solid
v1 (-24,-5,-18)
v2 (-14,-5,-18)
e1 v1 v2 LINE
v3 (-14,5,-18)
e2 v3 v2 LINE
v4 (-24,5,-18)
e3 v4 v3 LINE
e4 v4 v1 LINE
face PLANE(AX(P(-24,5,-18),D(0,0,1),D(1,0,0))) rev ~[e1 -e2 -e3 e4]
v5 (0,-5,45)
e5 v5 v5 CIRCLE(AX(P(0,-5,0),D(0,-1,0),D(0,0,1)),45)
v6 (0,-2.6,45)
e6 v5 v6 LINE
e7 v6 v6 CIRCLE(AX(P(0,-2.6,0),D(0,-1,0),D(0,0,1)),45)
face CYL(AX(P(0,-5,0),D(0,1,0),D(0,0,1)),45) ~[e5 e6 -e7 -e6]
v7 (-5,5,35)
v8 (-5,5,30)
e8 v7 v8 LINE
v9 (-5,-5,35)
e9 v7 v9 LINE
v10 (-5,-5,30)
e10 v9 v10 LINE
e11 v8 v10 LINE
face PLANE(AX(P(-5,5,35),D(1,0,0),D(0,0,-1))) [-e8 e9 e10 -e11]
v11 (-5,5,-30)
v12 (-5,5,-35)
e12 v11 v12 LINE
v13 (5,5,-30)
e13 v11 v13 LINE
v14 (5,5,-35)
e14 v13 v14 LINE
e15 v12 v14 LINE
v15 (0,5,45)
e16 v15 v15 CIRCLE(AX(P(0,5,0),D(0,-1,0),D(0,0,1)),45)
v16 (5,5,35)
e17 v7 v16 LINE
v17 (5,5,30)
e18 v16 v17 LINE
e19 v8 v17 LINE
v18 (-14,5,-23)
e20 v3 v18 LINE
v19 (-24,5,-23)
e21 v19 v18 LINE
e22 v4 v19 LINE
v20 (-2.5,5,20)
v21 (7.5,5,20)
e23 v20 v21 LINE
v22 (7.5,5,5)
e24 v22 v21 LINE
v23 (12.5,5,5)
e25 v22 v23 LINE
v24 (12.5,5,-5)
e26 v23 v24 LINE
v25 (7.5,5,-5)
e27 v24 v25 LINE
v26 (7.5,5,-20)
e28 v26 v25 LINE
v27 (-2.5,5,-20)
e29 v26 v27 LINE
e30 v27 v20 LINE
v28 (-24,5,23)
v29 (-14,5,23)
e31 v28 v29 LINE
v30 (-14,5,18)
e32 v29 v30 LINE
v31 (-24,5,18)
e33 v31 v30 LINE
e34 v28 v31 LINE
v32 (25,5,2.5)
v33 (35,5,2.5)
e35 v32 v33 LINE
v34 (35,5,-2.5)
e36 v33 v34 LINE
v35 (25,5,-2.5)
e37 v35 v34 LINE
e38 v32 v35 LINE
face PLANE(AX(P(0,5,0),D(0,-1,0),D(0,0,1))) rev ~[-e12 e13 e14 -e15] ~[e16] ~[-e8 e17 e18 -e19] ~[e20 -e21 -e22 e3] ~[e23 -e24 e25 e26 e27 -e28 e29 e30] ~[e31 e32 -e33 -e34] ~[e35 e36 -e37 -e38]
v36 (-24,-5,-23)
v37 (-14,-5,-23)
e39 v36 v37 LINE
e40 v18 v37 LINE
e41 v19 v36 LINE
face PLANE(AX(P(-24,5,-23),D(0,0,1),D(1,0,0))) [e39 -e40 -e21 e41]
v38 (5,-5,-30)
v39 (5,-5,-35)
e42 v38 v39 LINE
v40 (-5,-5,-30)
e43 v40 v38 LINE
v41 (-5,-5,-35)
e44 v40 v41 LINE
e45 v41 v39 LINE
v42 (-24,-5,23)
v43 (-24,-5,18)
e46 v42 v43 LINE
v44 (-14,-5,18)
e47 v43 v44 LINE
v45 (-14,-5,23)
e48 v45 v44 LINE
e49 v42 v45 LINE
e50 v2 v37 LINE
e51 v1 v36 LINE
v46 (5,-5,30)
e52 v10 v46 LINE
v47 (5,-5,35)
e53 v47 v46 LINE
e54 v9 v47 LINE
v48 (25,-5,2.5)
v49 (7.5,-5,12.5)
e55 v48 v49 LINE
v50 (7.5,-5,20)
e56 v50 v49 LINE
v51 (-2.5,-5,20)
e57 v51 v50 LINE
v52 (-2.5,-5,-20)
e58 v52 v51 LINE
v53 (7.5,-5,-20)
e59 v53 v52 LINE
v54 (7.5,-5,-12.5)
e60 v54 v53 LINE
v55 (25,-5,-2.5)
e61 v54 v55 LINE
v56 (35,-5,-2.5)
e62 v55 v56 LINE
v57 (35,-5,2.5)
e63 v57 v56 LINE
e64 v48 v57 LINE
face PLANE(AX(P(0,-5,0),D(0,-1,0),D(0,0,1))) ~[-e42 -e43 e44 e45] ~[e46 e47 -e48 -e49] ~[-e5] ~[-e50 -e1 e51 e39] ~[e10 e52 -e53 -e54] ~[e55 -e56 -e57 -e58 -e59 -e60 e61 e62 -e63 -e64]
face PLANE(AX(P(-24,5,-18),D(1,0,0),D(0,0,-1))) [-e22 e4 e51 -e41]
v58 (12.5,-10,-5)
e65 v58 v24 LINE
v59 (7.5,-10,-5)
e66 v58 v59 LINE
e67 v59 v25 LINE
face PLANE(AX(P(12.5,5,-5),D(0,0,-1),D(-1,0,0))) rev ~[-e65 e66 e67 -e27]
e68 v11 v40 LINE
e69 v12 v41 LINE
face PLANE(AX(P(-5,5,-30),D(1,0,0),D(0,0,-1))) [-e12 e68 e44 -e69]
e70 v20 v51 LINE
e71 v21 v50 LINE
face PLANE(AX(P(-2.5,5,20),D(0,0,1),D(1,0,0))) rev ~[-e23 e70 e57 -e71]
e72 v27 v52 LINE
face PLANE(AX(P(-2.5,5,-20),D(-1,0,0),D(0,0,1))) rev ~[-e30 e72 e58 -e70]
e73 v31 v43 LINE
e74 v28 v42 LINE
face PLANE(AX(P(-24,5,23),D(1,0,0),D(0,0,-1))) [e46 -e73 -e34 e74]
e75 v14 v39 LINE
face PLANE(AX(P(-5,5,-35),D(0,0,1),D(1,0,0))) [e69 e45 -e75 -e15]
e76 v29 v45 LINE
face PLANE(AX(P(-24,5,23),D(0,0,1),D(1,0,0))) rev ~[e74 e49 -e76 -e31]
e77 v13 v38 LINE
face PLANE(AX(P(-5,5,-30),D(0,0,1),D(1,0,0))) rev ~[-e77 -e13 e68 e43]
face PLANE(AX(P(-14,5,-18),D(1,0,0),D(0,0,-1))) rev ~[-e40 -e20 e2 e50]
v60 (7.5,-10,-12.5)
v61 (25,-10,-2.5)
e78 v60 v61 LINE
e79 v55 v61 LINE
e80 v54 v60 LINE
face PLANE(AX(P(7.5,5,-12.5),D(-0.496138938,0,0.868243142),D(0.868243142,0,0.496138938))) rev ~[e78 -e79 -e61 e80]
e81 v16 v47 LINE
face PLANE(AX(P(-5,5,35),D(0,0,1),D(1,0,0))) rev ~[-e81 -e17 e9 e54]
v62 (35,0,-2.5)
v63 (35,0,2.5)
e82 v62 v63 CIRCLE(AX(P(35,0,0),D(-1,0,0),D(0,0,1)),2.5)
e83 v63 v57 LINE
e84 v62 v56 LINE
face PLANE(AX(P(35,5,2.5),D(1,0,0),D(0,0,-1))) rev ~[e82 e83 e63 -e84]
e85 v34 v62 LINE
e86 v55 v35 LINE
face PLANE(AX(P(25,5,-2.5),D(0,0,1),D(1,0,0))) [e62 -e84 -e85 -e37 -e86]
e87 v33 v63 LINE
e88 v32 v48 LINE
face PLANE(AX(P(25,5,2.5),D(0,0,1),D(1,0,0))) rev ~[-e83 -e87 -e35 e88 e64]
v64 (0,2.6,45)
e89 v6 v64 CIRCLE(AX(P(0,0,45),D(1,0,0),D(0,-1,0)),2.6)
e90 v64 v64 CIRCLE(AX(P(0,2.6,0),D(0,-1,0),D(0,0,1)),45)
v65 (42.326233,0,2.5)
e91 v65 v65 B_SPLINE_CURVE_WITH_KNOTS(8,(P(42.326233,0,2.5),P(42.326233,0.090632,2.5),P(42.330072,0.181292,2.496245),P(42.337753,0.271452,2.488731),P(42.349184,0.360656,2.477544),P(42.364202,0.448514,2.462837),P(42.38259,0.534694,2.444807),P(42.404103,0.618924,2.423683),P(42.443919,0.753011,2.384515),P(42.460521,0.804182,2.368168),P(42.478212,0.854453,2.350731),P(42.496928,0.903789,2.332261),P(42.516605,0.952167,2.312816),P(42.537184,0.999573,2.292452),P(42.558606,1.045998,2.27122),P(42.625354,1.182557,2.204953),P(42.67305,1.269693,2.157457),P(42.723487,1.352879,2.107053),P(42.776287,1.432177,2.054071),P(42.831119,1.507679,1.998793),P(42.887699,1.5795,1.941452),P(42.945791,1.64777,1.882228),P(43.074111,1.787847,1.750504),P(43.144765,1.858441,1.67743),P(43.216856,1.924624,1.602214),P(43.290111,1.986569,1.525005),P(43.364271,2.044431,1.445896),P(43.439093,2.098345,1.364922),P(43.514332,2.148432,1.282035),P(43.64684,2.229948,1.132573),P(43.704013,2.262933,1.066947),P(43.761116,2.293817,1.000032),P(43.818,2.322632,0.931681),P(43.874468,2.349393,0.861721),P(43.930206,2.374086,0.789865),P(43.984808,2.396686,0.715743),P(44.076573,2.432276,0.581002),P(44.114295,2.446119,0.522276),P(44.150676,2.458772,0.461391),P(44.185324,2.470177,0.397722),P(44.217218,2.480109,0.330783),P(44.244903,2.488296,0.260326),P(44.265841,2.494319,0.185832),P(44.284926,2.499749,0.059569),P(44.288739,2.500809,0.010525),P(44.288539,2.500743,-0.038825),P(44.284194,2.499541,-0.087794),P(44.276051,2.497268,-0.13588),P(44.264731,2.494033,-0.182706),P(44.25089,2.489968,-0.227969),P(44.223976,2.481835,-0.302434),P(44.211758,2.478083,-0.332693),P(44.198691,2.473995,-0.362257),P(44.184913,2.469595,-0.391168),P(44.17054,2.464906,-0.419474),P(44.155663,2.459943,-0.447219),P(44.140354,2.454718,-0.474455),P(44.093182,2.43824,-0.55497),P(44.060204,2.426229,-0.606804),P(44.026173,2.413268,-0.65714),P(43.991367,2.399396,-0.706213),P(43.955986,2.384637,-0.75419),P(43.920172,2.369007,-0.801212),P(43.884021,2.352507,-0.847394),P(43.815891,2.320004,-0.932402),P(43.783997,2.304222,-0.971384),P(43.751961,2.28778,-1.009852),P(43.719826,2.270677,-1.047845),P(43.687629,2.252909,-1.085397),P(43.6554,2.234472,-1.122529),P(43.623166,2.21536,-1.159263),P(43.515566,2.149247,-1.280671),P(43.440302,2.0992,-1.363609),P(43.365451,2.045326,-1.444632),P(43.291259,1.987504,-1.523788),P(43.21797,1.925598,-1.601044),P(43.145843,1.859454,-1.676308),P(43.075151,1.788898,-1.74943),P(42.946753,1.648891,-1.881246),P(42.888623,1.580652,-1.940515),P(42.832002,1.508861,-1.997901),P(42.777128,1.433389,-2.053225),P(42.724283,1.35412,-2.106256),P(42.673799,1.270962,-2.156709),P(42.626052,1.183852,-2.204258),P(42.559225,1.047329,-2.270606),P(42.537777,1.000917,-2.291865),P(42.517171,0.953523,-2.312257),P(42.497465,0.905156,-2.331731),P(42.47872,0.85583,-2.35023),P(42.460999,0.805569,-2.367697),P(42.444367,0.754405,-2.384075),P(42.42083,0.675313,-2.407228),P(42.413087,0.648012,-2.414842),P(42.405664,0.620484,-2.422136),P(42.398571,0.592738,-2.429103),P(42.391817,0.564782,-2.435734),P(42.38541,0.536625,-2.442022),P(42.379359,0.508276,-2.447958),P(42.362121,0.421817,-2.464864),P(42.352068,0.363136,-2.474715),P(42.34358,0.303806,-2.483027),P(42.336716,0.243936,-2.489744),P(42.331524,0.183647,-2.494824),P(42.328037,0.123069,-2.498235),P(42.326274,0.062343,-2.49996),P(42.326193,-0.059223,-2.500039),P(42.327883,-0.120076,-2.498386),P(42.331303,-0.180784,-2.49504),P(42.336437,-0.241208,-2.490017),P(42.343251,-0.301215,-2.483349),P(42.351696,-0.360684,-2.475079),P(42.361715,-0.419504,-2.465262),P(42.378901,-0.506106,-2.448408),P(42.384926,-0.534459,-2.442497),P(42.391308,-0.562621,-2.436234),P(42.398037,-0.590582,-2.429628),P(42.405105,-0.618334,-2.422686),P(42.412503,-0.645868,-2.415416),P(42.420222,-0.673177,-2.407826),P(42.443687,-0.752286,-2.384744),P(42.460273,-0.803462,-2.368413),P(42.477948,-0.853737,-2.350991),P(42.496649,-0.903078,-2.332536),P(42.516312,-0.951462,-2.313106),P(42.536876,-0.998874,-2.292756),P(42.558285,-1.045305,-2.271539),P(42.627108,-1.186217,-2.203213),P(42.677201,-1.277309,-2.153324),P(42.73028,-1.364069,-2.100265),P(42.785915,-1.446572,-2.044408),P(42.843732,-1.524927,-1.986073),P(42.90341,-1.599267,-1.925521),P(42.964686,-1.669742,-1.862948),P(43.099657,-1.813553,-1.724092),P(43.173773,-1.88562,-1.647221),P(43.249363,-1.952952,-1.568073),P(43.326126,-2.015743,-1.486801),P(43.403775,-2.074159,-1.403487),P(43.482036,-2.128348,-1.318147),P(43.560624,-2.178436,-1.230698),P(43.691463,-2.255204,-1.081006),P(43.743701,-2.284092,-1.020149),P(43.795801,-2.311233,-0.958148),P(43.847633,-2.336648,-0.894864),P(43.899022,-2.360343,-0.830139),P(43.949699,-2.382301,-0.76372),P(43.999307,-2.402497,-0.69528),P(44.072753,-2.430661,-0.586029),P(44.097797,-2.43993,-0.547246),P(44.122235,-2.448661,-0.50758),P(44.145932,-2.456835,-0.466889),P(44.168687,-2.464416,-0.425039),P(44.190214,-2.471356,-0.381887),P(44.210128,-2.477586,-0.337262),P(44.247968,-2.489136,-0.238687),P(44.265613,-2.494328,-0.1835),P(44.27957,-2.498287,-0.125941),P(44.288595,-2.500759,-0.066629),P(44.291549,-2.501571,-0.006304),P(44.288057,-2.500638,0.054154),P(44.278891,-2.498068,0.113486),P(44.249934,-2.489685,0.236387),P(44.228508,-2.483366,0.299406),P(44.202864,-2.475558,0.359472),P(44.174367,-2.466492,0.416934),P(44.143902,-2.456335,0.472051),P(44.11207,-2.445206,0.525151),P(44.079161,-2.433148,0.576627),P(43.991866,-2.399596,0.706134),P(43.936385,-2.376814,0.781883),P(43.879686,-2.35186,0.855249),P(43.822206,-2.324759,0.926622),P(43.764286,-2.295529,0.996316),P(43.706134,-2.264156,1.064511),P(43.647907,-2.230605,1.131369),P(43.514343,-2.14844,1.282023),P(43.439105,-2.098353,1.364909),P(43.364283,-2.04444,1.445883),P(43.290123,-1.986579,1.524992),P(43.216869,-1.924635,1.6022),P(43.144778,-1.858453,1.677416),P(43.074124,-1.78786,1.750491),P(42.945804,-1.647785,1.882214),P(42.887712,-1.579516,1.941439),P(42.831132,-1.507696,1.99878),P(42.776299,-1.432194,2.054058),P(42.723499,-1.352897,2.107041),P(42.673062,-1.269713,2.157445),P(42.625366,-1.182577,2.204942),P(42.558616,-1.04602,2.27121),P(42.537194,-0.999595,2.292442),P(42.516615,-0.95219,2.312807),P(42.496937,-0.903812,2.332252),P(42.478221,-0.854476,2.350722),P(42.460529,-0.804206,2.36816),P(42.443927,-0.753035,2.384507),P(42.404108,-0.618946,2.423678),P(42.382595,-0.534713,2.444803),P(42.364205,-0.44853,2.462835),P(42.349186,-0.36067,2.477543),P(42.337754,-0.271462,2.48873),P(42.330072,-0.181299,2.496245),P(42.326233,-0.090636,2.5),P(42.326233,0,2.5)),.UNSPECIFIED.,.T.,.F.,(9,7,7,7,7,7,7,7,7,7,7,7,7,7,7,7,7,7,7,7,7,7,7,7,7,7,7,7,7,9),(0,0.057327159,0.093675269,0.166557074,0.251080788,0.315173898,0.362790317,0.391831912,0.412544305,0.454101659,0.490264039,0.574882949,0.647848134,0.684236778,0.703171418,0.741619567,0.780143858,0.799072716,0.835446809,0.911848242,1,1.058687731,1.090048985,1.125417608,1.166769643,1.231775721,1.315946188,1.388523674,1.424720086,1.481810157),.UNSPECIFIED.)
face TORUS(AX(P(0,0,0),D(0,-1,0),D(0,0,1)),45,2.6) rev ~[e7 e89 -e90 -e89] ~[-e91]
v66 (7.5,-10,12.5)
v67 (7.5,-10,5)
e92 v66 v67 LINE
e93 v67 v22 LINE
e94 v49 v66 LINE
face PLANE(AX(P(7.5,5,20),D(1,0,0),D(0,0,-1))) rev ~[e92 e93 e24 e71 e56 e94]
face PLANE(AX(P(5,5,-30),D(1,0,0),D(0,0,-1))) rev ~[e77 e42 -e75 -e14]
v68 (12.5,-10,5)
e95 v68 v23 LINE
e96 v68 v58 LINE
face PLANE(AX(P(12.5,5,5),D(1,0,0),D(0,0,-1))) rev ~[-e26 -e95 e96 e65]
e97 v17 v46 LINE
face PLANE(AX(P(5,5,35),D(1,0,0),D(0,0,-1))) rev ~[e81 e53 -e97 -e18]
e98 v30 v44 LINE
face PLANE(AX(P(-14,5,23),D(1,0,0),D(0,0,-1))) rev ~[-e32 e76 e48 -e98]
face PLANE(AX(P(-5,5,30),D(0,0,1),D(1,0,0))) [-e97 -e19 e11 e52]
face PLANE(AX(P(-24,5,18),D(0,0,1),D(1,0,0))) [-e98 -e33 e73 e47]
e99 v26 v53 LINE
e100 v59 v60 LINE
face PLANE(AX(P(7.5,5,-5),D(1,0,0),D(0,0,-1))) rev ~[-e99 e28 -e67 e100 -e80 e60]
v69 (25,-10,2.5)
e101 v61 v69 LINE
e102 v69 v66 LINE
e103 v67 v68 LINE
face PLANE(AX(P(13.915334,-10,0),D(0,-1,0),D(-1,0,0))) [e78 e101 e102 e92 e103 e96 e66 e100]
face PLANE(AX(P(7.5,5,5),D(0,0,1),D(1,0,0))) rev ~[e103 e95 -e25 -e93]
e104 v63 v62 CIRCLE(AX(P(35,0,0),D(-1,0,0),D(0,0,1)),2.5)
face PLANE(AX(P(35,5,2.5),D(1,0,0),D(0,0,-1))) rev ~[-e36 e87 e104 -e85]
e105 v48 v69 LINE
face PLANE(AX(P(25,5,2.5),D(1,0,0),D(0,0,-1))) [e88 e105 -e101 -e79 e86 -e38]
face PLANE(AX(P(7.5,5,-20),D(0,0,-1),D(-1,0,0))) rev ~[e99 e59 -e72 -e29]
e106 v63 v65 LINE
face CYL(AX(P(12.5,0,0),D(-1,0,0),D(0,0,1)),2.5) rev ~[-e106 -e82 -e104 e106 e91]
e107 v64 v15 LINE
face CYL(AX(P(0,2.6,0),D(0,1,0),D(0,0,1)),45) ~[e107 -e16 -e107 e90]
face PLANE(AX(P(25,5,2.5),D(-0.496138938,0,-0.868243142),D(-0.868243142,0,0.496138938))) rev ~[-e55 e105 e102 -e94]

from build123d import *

# Parameters (mm, degrees)
CROQUIS2_W              = 10
CROQUIS2_H              = 5
CORTAR_EXTRUIR1_DEPTH   = 10
CROQUIS3_R              = 2.5
CORTAR_EXTRUIR2_DEPTH   = 50
SALIENTE_EXTRUIR1_DEPTH = 15
CROQUIS5_W              = 10
CROQUIS5_H              = 5
CORTAR_EXTRUIR3_DEPTH   = 10


with BuildPart() as part:
    # Croquis1 → Revolución1 (revolve)
    with BuildSketch(Plane(origin=(0, 0, 0), x_dir=(0, 0, -1), z_dir=(1, 0, 0))):
        with BuildLine():
            Line((-45, 2.6), (-45, 5))
            Line((-45, 5), (0, 5))
            Line((0, 5), (0, -5))
            Line((0, -5), (-45, -5))
            Line((-45, -5), (-45, -2.6))
            ThreePointArc((-45, -2.6), (-42.4, 0), (-45, 2.6))
        make_face()
    revolve(axis=Axis((0, 59.07084426, 0), (0, -1, 0)))

    # Croquis2 → Cortar-Extruir1 (cut)
    with BuildSketch(Plane(origin=(0, 5, 0), x_dir=(1, 0, 0), z_dir=(0, 1, 0))):
        Polygon((7.5, 5), (7.5, 20), (-2.5, 20), (-2.5, -20), (7.5, -20), (7.5, -5), (12.5, -5), (12.5, 5), align=None)
        with Locations((0, 32.5)):
            Rectangle(CROQUIS2_W, CROQUIS2_H)
        with Locations((0, -32.5)):
            Rectangle(CROQUIS2_W, CROQUIS2_H)
        with Locations((30, 0)):
            Rectangle(CROQUIS2_W, CROQUIS2_H)
    extrude(amount=-CORTAR_EXTRUIR1_DEPTH, mode=Mode.SUBTRACT)

    # Croquis3 → Cortar-Extruir2 (cut)
    with BuildSketch(Plane.ZY.offset(-12.5)):
        Circle(CROQUIS3_R)
    extrude(amount=-CORTAR_EXTRUIR2_DEPTH, mode=Mode.SUBTRACT)

    # Croquis4 → Saliente-Extruir1 (add)
    with BuildSketch(Plane(origin=(0, 5, 0), x_dir=(1, 0, 0), z_dir=(0, 1, 0))):
        Polygon((7.5, 12.5), (25, 2.5), (25, -2.5), (7.5, -12.5), (7.5, -5), (12.5, -5), (12.5, 5), (7.5, 5), align=None)
    extrude(amount=-SALIENTE_EXTRUIR1_DEPTH)

    # Croquis5 → Cortar-Extruir3 (cut)
    with BuildSketch(Plane(origin=(0, 5, 0), x_dir=(1, 0, 0), z_dir=(0, 1, 0))):
        with Locations((-19, -20.5)):
            Rectangle(CROQUIS5_W, CROQUIS5_H)
        with Locations((-19, 20.5)):
            Rectangle(CROQUIS5_W, CROQUIS5_H)
    extrude(amount=-CORTAR_EXTRUIR3_DEPTH, mode=Mode.SUBTRACT)


solid = part.part
